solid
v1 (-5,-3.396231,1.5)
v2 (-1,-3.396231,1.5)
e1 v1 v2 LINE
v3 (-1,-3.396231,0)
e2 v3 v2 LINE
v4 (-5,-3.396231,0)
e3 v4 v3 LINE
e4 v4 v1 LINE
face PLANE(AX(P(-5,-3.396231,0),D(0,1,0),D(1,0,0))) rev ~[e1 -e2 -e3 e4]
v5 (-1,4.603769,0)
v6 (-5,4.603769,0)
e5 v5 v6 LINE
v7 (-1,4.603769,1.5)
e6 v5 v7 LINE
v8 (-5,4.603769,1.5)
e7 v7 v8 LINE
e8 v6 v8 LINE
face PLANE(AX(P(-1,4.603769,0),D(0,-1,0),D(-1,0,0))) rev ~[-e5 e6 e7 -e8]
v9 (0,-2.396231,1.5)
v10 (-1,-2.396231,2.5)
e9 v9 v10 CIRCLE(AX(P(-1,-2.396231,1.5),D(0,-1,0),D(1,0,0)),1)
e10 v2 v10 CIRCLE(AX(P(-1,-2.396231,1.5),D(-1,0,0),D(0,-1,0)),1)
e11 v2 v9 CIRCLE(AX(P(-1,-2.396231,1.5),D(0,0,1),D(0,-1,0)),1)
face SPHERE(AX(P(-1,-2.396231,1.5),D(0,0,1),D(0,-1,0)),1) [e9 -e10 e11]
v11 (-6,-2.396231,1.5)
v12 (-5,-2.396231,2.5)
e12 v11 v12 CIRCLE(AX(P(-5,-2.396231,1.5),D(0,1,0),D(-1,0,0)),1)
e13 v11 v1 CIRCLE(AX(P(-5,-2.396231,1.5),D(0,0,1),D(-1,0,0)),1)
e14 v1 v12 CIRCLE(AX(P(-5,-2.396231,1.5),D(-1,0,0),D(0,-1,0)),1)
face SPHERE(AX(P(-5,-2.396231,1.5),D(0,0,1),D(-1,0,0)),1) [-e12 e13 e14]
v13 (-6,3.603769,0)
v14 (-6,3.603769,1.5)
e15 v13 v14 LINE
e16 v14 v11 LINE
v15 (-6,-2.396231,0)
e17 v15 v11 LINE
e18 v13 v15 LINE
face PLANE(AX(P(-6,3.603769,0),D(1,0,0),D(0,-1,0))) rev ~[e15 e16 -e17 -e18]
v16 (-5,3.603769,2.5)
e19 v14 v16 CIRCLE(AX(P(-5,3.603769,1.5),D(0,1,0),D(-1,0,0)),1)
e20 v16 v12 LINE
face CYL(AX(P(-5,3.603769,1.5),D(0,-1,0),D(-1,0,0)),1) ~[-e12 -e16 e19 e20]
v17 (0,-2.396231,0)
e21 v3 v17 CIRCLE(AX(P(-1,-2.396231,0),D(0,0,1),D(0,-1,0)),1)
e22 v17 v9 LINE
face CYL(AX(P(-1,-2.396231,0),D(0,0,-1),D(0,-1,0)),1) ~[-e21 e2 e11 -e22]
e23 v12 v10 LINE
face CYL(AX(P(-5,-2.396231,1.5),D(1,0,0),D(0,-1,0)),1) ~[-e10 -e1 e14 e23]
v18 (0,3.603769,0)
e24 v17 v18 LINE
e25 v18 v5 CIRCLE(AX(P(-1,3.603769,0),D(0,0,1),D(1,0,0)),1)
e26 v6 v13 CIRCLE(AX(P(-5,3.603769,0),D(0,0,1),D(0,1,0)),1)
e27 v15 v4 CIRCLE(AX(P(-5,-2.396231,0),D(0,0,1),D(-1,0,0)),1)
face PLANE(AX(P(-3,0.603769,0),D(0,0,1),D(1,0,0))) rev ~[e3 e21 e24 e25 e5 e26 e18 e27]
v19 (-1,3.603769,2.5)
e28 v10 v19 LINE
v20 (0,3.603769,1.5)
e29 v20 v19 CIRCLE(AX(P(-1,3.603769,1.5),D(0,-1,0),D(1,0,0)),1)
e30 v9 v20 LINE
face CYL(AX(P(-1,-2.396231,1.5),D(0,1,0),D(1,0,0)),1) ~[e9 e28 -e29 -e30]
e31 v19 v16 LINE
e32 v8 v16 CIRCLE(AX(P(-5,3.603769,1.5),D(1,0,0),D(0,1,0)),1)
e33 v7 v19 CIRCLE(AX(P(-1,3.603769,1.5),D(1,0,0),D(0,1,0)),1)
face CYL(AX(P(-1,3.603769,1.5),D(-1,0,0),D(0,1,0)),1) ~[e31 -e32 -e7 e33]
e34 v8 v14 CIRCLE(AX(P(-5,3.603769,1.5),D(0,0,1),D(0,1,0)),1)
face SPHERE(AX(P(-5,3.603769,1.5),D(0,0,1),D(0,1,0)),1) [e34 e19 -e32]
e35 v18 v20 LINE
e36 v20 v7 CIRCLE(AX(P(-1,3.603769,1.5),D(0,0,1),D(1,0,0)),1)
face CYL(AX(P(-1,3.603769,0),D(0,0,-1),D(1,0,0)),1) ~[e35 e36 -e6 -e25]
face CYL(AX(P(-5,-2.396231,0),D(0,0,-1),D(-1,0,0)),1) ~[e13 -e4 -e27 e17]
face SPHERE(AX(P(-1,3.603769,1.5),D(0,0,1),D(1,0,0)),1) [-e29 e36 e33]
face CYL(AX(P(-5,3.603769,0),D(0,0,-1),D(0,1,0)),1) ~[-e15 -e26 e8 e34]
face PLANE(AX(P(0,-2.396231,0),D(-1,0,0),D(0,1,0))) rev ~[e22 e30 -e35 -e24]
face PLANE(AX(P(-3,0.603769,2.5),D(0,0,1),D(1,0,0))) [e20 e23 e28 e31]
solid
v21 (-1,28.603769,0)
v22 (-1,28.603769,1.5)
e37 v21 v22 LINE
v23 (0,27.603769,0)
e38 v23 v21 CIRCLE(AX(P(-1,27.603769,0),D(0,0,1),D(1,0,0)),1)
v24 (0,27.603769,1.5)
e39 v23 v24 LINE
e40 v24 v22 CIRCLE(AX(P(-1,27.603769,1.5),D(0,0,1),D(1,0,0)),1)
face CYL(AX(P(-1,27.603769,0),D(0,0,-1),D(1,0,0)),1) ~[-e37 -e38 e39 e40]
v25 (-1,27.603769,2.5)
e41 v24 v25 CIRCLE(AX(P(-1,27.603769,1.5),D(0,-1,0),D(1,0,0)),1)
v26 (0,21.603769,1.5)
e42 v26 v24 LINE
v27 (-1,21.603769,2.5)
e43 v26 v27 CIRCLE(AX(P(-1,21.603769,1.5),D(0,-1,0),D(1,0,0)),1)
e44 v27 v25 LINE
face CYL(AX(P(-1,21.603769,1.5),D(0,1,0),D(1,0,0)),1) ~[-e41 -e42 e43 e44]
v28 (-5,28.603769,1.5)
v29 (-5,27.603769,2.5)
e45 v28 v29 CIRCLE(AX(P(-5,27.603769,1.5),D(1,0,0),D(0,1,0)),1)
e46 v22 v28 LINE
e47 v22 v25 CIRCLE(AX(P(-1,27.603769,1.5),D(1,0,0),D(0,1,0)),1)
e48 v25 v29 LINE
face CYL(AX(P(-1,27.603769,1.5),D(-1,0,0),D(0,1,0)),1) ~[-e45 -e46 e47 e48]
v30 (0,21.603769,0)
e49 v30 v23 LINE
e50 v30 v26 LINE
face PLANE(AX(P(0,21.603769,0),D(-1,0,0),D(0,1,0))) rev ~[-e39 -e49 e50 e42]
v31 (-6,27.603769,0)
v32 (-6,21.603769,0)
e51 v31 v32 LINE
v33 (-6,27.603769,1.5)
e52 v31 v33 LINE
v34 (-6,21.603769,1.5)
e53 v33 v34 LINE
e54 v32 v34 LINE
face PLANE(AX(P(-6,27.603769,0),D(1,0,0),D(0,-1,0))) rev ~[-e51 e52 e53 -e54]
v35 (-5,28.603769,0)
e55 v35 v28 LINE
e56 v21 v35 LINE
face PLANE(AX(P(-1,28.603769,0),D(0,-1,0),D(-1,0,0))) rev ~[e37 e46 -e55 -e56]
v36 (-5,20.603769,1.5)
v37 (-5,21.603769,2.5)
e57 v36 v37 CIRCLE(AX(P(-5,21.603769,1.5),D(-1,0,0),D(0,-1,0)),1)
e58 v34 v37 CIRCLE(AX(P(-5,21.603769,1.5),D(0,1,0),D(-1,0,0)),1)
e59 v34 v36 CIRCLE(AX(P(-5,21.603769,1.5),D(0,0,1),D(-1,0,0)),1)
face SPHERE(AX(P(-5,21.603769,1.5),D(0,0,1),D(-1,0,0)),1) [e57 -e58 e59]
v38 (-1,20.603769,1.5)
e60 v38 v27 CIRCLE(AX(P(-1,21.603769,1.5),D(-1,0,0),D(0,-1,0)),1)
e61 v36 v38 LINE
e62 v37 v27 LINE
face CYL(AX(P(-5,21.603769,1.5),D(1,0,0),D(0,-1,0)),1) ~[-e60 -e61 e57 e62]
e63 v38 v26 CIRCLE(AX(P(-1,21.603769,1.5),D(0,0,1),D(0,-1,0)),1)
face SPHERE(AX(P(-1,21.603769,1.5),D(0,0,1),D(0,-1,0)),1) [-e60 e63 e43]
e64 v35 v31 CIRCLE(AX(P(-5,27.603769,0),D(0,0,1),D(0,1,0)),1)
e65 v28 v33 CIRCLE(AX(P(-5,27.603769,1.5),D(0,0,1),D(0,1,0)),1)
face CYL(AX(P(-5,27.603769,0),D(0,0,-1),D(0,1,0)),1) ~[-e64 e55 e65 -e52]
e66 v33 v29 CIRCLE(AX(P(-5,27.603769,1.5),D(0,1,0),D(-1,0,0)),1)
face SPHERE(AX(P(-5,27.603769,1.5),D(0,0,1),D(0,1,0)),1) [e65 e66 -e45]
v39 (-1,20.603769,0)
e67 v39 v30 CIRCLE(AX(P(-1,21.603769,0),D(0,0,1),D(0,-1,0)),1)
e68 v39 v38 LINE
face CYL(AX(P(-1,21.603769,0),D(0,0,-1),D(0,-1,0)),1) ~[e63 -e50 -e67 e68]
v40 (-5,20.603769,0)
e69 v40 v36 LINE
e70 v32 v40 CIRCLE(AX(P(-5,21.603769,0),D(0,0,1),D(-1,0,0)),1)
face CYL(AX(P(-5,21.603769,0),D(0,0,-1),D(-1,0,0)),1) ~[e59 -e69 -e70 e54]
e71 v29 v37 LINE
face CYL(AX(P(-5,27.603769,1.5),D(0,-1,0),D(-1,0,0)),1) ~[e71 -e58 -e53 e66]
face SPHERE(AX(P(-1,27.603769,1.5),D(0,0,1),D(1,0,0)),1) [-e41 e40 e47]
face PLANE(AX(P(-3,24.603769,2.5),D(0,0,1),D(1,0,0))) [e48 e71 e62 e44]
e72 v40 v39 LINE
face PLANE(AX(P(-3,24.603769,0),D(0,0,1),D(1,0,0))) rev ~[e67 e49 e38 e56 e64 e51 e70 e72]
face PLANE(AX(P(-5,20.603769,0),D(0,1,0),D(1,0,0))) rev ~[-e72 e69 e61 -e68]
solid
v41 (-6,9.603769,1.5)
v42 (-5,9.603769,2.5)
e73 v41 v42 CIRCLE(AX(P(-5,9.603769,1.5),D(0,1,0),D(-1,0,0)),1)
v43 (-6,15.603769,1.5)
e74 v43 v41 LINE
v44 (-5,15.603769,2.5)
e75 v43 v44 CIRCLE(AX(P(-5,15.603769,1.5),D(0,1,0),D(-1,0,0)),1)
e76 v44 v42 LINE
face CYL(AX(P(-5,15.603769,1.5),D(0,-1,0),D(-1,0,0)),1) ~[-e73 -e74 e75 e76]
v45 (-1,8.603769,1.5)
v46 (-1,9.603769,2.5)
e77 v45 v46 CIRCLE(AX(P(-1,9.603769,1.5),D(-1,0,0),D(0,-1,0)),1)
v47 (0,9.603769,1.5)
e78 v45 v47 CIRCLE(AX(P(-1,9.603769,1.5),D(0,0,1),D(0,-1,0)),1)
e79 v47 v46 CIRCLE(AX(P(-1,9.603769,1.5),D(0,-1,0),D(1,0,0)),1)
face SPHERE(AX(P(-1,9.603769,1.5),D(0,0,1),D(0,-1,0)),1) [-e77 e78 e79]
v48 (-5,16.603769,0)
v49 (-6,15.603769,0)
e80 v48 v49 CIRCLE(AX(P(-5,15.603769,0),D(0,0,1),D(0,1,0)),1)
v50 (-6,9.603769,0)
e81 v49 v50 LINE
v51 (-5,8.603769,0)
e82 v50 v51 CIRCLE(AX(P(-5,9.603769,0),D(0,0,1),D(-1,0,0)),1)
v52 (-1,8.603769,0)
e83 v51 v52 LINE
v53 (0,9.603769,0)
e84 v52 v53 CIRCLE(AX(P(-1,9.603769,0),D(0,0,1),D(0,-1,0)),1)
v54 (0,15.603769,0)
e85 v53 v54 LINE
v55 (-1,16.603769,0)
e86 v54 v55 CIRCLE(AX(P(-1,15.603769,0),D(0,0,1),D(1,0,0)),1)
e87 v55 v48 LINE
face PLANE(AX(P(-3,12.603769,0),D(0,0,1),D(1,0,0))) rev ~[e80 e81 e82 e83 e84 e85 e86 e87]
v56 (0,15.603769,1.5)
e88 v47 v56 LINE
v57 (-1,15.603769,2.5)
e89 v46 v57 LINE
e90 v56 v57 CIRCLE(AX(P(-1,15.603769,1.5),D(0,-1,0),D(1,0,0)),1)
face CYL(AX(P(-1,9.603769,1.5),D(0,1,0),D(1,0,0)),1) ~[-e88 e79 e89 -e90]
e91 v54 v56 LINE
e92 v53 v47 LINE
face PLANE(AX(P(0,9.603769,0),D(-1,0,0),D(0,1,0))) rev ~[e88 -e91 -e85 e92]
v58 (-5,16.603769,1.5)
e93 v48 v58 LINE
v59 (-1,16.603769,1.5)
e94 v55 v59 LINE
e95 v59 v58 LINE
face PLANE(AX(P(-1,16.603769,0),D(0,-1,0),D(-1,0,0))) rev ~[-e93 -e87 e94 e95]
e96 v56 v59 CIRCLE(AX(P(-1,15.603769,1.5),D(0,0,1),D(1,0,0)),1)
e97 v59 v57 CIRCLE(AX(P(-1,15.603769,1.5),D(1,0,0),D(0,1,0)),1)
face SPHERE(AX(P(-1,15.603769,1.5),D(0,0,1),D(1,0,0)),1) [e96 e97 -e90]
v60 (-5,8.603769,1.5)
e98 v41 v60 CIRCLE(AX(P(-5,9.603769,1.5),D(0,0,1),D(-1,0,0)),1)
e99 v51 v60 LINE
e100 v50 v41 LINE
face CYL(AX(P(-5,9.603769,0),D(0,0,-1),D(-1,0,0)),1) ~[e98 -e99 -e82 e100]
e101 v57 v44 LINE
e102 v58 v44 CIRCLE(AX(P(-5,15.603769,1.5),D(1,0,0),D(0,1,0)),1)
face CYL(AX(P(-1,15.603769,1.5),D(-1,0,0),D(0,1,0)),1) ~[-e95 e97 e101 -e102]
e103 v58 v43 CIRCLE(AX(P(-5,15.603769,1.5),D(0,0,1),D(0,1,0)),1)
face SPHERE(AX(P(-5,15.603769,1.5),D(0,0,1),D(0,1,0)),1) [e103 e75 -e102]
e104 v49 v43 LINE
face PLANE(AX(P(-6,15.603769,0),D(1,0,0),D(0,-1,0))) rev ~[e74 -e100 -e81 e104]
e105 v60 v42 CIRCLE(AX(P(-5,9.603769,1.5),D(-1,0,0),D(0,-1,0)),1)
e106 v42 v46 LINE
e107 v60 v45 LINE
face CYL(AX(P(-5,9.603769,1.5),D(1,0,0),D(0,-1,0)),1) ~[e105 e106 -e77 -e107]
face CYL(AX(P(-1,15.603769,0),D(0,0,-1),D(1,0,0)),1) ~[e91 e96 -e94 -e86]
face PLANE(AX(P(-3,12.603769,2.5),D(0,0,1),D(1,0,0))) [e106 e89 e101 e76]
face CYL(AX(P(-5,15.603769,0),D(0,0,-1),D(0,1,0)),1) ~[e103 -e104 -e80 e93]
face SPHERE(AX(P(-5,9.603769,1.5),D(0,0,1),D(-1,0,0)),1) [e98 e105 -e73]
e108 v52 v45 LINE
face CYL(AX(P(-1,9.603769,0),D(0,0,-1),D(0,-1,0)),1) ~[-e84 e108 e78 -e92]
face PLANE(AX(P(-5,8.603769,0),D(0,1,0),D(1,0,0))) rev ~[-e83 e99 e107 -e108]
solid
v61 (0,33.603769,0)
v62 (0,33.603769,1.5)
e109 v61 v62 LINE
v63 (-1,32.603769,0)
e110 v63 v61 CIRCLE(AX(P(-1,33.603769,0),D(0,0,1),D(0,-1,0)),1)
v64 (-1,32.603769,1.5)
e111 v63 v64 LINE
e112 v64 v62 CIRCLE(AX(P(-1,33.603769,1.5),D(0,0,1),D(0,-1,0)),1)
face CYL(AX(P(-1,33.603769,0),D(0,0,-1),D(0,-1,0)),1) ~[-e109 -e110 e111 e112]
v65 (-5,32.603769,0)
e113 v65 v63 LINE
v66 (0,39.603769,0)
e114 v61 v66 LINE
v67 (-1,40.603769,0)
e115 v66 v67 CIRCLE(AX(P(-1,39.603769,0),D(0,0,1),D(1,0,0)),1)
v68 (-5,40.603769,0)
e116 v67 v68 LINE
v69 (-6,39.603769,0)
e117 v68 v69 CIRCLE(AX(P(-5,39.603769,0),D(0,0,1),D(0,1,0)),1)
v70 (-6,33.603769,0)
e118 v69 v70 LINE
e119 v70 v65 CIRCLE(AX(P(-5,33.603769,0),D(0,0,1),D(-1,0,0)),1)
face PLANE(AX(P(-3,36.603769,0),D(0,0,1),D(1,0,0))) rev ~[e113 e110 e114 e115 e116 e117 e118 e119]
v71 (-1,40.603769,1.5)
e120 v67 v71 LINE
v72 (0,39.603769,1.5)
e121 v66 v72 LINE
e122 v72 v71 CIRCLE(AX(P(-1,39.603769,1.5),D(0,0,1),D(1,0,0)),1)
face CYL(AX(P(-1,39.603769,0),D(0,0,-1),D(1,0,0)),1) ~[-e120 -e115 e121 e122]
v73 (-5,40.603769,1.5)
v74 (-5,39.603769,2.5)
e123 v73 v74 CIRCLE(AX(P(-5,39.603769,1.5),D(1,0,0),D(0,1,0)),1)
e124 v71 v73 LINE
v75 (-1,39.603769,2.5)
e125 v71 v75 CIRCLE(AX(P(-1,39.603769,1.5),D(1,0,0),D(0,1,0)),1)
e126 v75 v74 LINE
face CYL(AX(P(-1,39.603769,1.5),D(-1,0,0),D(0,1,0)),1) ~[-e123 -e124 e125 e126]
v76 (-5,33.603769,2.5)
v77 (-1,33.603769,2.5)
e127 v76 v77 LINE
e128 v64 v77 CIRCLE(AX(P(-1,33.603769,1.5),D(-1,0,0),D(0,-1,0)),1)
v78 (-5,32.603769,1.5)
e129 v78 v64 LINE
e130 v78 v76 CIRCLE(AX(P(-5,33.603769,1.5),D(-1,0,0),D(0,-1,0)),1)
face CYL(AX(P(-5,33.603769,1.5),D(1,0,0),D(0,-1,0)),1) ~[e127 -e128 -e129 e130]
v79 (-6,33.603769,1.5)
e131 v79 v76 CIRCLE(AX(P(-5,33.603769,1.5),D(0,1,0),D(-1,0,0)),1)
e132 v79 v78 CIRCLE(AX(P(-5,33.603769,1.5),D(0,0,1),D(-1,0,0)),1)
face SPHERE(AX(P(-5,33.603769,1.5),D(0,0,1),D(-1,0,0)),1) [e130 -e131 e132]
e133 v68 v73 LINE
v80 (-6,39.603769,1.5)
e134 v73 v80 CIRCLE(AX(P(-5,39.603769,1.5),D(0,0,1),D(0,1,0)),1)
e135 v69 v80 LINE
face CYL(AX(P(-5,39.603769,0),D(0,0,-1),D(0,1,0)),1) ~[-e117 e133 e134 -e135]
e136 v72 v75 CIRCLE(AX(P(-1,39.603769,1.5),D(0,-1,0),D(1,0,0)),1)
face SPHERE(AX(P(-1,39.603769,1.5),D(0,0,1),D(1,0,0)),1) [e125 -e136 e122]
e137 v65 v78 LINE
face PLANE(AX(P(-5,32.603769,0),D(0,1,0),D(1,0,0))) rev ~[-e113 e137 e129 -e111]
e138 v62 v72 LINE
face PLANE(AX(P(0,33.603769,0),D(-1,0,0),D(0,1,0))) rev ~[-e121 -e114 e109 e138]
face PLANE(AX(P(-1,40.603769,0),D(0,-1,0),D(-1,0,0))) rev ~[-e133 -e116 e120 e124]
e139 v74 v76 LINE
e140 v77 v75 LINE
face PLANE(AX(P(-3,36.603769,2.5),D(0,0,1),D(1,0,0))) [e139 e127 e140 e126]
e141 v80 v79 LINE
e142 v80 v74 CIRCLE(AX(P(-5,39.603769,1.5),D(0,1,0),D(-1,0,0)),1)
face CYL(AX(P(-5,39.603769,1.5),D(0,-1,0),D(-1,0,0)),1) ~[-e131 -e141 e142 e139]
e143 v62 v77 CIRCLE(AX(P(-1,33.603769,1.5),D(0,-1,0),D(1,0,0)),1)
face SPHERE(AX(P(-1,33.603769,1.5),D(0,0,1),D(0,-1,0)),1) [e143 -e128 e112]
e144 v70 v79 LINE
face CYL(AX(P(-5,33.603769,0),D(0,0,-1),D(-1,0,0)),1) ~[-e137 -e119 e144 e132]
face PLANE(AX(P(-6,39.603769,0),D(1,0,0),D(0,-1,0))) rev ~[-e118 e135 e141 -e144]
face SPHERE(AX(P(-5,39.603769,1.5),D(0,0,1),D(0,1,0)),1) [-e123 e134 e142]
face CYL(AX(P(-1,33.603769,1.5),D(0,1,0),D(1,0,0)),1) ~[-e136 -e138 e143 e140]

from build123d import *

# Parameters (mm, degrees)
F1_DEPTH = 2.5
F2_R     = 1
F2_2_R   = 1
F2_3_R   = 1
F2_4_R   = 1


with BuildPart() as f1:
    # F0 (on Top) → F1 (new body)
    with BuildSketch(Plane.XY):
        with BuildLine():
            Line((-1, 40.603768607), (-5, 40.603768607))
            ThreePointArc((-5, 40.603768607), (-5.7071067812, 40.3108753882), (-6, 39.603768607))
            Line((-6, 39.603768607), (-6, 33.603768607))
            ThreePointArc((-6, 33.603768607), (-5.7071067812, 32.8966618258), (-5, 32.603768607))
            Line((-5, 32.603768607), (-1, 32.603768607))
            ThreePointArc((-1, 32.603768607), (-0.2928932188, 32.8966618258), (0, 33.603768607))
            Line((0, 33.603768607), (0, 39.603768607))
            ThreePointArc((0, 39.603768607), (-0.2928932188, 40.3108753882), (-1, 40.603768607))
        make_face()
    extrude(amount=F1_DEPTH)

    # F2
    f2_edges = [f1.edges().sort_by_distance(p)[0] for p in [
        (-0.292893, 40.310875, 2.5),
        (-3, 40.603769, 2.5),
        (-5.707107, 40.310875, 2.5),
        (-6, 36.603769, 2.5),
        (-5.707107, 32.896662, 2.5),
        (-3, 32.603769, 2.5),
        (-0.292893, 32.896662, 2.5),
        (0, 36.603769, 2.5),
    ]]
    fillet(f2_edges, radius=F2_R)


with BuildPart() as f1b:
    # F0 (on Top) → F1, piece 2 (new body)
    with BuildSketch(Plane.XY):
        with BuildLine():
            Line((-1, 28.603768607), (-5, 28.603768607))
            ThreePointArc((-5, 28.603768607), (-5.7071067812, 28.3108753882), (-6, 27.603768607))
            Line((-6, 27.603768607), (-6, 21.603768607))
            ThreePointArc((-6, 21.603768607), (-5.7071067812, 20.8966618258), (-5, 20.603768607))
            Line((-5, 20.603768607), (-1, 20.603768607))
            ThreePointArc((-1, 20.603768607), (-0.2928932188, 20.8966618258), (0, 21.603768607))
            Line((0, 21.603768607), (0, 27.603768607))
            ThreePointArc((0, 27.603768607), (-0.2928932188, 28.3108753882), (-1, 28.603768607))
        make_face()
    extrude(amount=F1_DEPTH)

    # F2#2
    f2_2_edges = [f1b.edges().sort_by_distance(p)[0] for p in [
        (-3, 28.603769, 2.5),
        (-5.707107, 28.310875, 2.5),
        (-6, 24.603769, 2.5),
        (-5.707107, 20.896662, 2.5),
        (-3, 20.603769, 2.5),
        (-0.292893, 20.896662, 2.5),
        (0, 24.603769, 2.5),
        (-0.292893, 28.310875, 2.5),
    ]]
    fillet(f2_2_edges, radius=F2_2_R)


with BuildPart() as f1c:
    # F0 (on Top) → F1, piece 3 (new body)
    with BuildSketch(Plane.XY):
        with BuildLine():
            Line((-1, 16.603768607), (-5, 16.603768607))
            ThreePointArc((-5, 16.603768607), (-5.7071067812, 16.3108753882), (-6, 15.603768607))
            Line((-6, 15.603768607), (-6, 9.603768607))
            ThreePointArc((-6, 9.603768607), (-5.7071067812, 8.8966618258), (-5, 8.603768607))
            Line((-5, 8.603768607), (-1, 8.603768607))
            ThreePointArc((-1, 8.603768607), (-0.2928932188, 8.8966618258), (0, 9.603768607))
            Line((0, 9.603768607), (0, 15.603768607))
            ThreePointArc((0, 15.603768607), (-0.2928932188, 16.3108753882), (-1, 16.603768607))
        make_face()
    extrude(amount=F1_DEPTH)

    # F2#3
    f2_3_edges = [f1c.edges().sort_by_distance(p)[0] for p in [
        (-3, 16.603769, 2.5),
        (-5.707107, 16.310875, 2.5),
        (-6, 12.603769, 2.5),
        (-5.707107, 8.896662, 2.5),
        (-3, 8.603769, 2.5),
        (-0.292893, 8.896662, 2.5),
        (0, 12.603769, 2.5),
        (-0.292893, 16.310875, 2.5),
    ]]
    fillet(f2_3_edges, radius=F2_3_R)


with BuildPart() as f1d:
    # F0 (on Top) → F1, piece 4 (new body)
    with BuildSketch(Plane.XY):
        with BuildLine():
            Line((-1, 4.603768607), (-5, 4.603768607))
            ThreePointArc((-5, 4.603768607), (-5.7071067812, 4.3108753882), (-6, 3.603768607))
            Line((-6, 3.603768607), (-6, -2.396231393))
            ThreePointArc((-6, -2.396231393), (-5.7071067812, -3.1033381742), (-5, -3.396231393))
            Line((-5, -3.396231393), (-1, -3.396231393))
            ThreePointArc((-1, -3.396231393), (-0.2928932188, -3.1033381742), (0, -2.396231393))
            Line((0, -2.396231393), (0, 3.603768607))
            ThreePointArc((0, 3.603768607), (-0.2928932188, 4.3108753882), (-1, 4.603768607))
        make_face()
    extrude(amount=F1_DEPTH)

    # F2#4
    f2_4_edges = [f1d.edges().sort_by_distance(p)[0] for p in [
        (-3, 4.603769, 2.5),
        (-5.707107, 4.310875, 2.5),
        (-6, 0.603769, 2.5),
        (-5.707107, -3.103338, 2.5),
        (-3, -3.396231, 2.5),
        (-0.292893, -3.103338, 2.5),
        (0, 0.603769, 2.5),
        (-0.292893, 4.310875, 2.5),
    ]]
    fillet(f2_4_edges, radius=F2_4_R)


solid = Compound([f1.part, f1b.part, f1c.part, f1d.part])
